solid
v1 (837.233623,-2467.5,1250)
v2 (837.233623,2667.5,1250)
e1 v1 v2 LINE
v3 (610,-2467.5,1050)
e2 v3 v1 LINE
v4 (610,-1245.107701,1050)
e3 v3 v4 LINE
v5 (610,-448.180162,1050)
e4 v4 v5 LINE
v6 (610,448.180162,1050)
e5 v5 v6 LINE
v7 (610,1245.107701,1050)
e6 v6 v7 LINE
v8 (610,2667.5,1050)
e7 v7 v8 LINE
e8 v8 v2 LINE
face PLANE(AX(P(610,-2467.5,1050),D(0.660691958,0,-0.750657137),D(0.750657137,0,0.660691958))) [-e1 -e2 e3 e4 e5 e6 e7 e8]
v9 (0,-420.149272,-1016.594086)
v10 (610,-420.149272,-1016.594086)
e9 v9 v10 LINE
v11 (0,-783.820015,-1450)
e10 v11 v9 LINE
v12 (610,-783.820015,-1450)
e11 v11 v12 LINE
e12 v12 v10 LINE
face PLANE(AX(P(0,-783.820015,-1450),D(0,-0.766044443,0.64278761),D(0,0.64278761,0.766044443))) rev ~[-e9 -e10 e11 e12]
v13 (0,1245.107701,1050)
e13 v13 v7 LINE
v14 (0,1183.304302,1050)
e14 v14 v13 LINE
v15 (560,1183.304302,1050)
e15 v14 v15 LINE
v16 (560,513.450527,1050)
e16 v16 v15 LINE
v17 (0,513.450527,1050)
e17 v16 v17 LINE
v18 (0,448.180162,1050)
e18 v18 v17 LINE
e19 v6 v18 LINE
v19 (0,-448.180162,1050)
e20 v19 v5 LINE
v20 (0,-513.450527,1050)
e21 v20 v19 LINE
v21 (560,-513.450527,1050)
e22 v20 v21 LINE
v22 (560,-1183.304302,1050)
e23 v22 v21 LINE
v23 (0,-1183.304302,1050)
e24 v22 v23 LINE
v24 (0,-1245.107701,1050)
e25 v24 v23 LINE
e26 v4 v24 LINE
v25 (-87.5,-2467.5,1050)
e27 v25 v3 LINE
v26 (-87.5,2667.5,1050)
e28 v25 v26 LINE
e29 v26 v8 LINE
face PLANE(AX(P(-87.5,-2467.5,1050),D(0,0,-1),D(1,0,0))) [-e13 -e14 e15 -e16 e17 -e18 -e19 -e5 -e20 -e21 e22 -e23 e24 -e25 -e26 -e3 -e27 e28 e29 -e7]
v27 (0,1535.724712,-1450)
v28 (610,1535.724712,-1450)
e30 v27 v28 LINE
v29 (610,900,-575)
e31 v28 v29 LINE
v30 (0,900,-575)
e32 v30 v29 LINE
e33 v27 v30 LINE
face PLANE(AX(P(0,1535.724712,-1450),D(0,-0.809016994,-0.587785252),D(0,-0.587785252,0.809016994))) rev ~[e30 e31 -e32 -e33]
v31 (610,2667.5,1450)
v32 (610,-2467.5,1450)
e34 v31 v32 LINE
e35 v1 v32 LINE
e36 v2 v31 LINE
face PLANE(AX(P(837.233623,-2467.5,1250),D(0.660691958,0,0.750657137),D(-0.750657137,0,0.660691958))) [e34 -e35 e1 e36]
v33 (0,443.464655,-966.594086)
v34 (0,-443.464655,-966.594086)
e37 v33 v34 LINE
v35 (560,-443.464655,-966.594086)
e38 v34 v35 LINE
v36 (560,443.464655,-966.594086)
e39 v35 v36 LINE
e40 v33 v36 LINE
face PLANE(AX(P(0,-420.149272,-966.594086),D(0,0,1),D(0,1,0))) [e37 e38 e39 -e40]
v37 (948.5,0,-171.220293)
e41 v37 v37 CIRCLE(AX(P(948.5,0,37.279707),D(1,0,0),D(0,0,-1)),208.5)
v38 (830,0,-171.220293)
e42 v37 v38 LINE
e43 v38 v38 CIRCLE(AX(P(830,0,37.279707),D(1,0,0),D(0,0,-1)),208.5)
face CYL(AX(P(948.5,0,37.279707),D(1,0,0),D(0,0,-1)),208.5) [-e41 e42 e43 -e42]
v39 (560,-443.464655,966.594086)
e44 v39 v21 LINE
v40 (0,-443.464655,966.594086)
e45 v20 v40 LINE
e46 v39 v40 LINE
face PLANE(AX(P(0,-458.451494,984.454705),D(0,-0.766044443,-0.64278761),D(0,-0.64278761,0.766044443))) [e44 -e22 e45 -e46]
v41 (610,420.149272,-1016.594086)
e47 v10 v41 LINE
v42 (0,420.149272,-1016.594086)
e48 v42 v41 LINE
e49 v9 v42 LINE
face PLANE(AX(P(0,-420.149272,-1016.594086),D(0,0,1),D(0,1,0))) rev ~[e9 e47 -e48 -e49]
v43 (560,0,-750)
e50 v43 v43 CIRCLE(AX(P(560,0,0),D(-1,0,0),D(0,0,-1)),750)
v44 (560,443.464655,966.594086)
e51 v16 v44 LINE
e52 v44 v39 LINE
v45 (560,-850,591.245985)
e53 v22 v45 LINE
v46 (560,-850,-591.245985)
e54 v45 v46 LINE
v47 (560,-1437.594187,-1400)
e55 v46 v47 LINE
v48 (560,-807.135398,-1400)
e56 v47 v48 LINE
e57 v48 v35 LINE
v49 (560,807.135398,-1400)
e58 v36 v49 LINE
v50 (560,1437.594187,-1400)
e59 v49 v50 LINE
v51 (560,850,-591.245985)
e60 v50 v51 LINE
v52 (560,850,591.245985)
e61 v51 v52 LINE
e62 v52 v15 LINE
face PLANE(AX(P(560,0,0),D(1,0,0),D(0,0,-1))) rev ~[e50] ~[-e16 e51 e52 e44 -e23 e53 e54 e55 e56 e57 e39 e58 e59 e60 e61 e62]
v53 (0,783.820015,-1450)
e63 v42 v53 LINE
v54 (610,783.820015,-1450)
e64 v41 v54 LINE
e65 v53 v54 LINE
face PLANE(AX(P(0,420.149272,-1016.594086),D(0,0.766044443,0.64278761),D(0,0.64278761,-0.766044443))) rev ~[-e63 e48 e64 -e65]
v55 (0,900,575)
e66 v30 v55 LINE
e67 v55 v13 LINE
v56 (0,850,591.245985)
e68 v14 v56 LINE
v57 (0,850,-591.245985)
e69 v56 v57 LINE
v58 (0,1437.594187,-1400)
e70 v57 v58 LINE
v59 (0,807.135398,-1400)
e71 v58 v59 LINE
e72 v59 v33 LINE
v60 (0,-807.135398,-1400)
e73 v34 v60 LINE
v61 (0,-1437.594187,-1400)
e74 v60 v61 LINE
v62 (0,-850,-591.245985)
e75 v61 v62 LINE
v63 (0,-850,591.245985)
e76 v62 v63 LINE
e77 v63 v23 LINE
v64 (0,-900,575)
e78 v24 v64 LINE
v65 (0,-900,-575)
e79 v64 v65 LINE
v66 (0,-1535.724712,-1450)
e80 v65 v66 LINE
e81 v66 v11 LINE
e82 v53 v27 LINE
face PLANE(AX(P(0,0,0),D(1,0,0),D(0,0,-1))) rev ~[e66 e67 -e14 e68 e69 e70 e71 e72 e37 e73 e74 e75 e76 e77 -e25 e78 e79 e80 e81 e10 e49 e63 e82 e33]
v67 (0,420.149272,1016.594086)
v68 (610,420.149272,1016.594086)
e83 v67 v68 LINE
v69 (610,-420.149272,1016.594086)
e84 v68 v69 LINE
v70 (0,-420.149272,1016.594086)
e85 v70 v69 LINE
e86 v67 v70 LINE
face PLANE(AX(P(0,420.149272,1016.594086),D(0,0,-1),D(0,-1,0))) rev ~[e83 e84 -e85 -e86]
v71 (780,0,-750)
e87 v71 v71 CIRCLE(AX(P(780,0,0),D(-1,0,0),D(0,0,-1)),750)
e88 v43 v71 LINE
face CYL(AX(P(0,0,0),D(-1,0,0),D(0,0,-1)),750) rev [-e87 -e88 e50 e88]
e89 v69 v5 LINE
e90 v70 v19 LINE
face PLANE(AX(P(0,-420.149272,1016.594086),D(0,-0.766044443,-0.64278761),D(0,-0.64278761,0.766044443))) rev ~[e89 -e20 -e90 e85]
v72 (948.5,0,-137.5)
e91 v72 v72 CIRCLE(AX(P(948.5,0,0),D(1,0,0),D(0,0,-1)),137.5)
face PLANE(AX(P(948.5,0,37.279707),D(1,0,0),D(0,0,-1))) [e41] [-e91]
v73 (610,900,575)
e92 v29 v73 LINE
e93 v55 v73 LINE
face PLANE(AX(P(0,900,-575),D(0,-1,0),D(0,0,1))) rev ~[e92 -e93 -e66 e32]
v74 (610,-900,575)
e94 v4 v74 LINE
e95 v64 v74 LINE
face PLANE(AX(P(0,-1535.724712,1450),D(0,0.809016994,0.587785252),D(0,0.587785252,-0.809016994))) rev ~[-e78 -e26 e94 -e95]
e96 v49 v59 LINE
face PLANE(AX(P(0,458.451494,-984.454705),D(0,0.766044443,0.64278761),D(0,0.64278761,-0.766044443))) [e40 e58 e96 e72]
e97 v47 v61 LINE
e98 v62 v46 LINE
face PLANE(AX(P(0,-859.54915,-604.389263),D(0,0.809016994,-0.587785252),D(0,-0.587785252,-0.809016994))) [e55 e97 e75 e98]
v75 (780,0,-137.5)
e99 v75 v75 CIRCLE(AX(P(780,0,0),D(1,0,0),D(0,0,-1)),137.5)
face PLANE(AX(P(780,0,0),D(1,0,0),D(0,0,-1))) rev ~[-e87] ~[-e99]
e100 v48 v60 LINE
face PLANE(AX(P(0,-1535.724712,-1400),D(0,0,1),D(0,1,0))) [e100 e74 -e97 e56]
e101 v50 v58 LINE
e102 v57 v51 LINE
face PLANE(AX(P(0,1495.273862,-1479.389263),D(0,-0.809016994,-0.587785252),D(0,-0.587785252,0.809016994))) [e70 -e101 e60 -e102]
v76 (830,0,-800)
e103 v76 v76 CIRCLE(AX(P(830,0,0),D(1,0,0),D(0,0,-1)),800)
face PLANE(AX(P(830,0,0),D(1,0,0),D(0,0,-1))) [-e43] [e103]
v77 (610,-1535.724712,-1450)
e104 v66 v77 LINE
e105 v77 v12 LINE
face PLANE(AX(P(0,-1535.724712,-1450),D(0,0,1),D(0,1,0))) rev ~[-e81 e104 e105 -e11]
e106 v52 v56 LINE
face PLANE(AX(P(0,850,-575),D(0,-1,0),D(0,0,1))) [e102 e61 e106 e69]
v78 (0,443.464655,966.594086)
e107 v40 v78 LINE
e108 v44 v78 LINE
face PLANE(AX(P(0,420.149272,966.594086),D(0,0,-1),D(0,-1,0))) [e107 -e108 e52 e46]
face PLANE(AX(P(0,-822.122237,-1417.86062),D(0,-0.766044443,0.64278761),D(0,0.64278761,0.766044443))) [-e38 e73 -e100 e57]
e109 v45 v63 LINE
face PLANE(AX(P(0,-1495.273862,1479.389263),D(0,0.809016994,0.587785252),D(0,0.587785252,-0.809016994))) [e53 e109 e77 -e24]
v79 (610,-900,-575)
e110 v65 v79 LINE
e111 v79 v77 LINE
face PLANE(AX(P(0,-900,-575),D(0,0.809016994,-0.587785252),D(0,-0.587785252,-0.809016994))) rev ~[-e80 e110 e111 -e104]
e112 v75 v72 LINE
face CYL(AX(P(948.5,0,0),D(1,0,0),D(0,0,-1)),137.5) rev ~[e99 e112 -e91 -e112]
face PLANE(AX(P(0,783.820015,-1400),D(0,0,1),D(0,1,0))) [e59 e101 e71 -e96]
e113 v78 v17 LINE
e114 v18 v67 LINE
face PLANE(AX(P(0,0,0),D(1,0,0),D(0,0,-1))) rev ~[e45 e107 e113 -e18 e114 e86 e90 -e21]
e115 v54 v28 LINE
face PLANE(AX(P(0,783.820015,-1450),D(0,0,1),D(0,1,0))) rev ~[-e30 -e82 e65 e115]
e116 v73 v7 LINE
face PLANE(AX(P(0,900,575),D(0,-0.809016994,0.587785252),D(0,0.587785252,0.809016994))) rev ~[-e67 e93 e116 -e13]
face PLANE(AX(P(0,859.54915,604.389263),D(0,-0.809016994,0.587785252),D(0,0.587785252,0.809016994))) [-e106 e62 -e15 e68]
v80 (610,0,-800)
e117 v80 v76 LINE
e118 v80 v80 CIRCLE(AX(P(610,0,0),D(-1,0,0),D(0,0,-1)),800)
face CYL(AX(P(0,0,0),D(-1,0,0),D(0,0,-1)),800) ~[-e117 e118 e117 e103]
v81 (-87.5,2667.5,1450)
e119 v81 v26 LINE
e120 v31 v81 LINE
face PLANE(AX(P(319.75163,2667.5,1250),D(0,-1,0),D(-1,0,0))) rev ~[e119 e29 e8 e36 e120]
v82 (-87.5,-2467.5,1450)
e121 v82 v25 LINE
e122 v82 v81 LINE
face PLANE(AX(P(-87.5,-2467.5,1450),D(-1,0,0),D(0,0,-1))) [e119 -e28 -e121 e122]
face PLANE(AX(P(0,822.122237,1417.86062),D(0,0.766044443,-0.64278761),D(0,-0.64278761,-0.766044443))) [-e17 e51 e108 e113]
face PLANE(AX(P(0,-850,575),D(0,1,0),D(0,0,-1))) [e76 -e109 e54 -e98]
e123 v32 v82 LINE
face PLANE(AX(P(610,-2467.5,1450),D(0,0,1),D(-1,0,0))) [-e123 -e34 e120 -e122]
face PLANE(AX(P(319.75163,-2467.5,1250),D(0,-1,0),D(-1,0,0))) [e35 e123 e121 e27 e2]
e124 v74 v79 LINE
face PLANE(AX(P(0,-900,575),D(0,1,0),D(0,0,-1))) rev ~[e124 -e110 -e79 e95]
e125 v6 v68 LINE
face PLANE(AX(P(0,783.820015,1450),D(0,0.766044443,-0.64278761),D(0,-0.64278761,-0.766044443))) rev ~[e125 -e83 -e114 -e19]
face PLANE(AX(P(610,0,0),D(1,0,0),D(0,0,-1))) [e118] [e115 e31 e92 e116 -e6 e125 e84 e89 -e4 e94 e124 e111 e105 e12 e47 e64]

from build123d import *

# Parameters (mm, degrees)
BOSS_EXTRUDE1_DEPTH      = 610
SKETCH5_R                = 800
BOSS_EXTRUDE2_DEPTH      = 830
SHELL1_T                 = -50
SKETCH6_R                = 137.5
CUT_EXTRUDE6_DEPTH       = 830
BOSS_EXTRUDE3_START      = 118.5
SKETCH7_R                = 208.5
SKETCH7_R_2              = 137.5
BOSS_EXTRUDE3_DEPTH      = 118.5
BOSS_EXTRUDE5_DEPTH      = 2667.5
BOSS_EXTRUDE5_DEPTH_BACK = 2467.5


with BuildPart() as part:
    # Sketch1 → Boss-Extrude1 (new body)
    with BuildSketch(Plane(origin=(0, 0, 0), x_dir=(0, 0, -1), z_dir=(1, 0, 0))):
        Polygon((575, 900), (-575, 900), (-1450, 1535.724712005), (-1450, 783.82001496), (-1016.594085516, 420.149271967), (-1016.594085516, -420.149271967), (-1450, -783.82001496), (-1450, -1535.724712005), (-575, -900), (575, -900), (1450, -1535.724712005), (1450, -783.82001496), (1016.594085516, -420.149271967), (1016.594085516, 420.149271967), (1450, 783.82001496), (1450, 1535.724712005), align=None)
    extrude(amount=BOSS_EXTRUDE1_DEPTH)

    # Sketch5 → Boss-Extrude2 (add)
    with BuildSketch(Plane(origin=(0, 0, 0), x_dir=(0, 0, -1), z_dir=(1, 0, 0))):
        Circle(SKETCH5_R)
    extrude(amount=BOSS_EXTRUDE2_DEPTH)

    # Shell1
    shell1_openings = [part.faces().sort_by_distance(p)[0] for p in [
        (0, 0, 0),
    ]]
    offset(amount=SHELL1_T, openings=shell1_openings, kind=Kind.INTERSECTION)

    # Sketch6 → Cut-Extrude6 (cut)
    with BuildSketch(Plane(origin=(830, 0, 0), x_dir=(0, 0, -1), z_dir=(1, 0, 0))):
        Circle(SKETCH6_R)
    extrude(amount=-CUT_EXTRUDE6_DEPTH, mode=Mode.SUBTRACT)

    # Sketch7 → Boss-Extrude3 (add)
    with BuildSketch(Plane(origin=(830, 0, 0), x_dir=(0, 0, -1), z_dir=(1, 0, 0)).offset(BOSS_EXTRUDE3_START)):
        with Locations((-37.279706597, 0)):
            Circle(SKETCH7_R)
        Circle(SKETCH7_R_2, mode=Mode.SUBTRACT)
    extrude(amount=-BOSS_EXTRUDE3_DEPTH)

    # Sketch8 → Boss-Extrude5 (add, two sides: drawn at the far end of the back side and taken through both)
    with BuildSketch(Plane(origin=(0, 0, 0), x_dir=(1, 0, 0), z_dir=(0, 1, 0)).offset(-BOSS_EXTRUDE5_DEPTH_BACK)):
        Polygon((837.233623205, -1250), (610, -1450), (-87.5, -1450), (-87.5, -1050), (610, -1050), align=None)
    extrude(amount=BOSS_EXTRUDE5_DEPTH + BOSS_EXTRUDE5_DEPTH_BACK)


solid = part.part
